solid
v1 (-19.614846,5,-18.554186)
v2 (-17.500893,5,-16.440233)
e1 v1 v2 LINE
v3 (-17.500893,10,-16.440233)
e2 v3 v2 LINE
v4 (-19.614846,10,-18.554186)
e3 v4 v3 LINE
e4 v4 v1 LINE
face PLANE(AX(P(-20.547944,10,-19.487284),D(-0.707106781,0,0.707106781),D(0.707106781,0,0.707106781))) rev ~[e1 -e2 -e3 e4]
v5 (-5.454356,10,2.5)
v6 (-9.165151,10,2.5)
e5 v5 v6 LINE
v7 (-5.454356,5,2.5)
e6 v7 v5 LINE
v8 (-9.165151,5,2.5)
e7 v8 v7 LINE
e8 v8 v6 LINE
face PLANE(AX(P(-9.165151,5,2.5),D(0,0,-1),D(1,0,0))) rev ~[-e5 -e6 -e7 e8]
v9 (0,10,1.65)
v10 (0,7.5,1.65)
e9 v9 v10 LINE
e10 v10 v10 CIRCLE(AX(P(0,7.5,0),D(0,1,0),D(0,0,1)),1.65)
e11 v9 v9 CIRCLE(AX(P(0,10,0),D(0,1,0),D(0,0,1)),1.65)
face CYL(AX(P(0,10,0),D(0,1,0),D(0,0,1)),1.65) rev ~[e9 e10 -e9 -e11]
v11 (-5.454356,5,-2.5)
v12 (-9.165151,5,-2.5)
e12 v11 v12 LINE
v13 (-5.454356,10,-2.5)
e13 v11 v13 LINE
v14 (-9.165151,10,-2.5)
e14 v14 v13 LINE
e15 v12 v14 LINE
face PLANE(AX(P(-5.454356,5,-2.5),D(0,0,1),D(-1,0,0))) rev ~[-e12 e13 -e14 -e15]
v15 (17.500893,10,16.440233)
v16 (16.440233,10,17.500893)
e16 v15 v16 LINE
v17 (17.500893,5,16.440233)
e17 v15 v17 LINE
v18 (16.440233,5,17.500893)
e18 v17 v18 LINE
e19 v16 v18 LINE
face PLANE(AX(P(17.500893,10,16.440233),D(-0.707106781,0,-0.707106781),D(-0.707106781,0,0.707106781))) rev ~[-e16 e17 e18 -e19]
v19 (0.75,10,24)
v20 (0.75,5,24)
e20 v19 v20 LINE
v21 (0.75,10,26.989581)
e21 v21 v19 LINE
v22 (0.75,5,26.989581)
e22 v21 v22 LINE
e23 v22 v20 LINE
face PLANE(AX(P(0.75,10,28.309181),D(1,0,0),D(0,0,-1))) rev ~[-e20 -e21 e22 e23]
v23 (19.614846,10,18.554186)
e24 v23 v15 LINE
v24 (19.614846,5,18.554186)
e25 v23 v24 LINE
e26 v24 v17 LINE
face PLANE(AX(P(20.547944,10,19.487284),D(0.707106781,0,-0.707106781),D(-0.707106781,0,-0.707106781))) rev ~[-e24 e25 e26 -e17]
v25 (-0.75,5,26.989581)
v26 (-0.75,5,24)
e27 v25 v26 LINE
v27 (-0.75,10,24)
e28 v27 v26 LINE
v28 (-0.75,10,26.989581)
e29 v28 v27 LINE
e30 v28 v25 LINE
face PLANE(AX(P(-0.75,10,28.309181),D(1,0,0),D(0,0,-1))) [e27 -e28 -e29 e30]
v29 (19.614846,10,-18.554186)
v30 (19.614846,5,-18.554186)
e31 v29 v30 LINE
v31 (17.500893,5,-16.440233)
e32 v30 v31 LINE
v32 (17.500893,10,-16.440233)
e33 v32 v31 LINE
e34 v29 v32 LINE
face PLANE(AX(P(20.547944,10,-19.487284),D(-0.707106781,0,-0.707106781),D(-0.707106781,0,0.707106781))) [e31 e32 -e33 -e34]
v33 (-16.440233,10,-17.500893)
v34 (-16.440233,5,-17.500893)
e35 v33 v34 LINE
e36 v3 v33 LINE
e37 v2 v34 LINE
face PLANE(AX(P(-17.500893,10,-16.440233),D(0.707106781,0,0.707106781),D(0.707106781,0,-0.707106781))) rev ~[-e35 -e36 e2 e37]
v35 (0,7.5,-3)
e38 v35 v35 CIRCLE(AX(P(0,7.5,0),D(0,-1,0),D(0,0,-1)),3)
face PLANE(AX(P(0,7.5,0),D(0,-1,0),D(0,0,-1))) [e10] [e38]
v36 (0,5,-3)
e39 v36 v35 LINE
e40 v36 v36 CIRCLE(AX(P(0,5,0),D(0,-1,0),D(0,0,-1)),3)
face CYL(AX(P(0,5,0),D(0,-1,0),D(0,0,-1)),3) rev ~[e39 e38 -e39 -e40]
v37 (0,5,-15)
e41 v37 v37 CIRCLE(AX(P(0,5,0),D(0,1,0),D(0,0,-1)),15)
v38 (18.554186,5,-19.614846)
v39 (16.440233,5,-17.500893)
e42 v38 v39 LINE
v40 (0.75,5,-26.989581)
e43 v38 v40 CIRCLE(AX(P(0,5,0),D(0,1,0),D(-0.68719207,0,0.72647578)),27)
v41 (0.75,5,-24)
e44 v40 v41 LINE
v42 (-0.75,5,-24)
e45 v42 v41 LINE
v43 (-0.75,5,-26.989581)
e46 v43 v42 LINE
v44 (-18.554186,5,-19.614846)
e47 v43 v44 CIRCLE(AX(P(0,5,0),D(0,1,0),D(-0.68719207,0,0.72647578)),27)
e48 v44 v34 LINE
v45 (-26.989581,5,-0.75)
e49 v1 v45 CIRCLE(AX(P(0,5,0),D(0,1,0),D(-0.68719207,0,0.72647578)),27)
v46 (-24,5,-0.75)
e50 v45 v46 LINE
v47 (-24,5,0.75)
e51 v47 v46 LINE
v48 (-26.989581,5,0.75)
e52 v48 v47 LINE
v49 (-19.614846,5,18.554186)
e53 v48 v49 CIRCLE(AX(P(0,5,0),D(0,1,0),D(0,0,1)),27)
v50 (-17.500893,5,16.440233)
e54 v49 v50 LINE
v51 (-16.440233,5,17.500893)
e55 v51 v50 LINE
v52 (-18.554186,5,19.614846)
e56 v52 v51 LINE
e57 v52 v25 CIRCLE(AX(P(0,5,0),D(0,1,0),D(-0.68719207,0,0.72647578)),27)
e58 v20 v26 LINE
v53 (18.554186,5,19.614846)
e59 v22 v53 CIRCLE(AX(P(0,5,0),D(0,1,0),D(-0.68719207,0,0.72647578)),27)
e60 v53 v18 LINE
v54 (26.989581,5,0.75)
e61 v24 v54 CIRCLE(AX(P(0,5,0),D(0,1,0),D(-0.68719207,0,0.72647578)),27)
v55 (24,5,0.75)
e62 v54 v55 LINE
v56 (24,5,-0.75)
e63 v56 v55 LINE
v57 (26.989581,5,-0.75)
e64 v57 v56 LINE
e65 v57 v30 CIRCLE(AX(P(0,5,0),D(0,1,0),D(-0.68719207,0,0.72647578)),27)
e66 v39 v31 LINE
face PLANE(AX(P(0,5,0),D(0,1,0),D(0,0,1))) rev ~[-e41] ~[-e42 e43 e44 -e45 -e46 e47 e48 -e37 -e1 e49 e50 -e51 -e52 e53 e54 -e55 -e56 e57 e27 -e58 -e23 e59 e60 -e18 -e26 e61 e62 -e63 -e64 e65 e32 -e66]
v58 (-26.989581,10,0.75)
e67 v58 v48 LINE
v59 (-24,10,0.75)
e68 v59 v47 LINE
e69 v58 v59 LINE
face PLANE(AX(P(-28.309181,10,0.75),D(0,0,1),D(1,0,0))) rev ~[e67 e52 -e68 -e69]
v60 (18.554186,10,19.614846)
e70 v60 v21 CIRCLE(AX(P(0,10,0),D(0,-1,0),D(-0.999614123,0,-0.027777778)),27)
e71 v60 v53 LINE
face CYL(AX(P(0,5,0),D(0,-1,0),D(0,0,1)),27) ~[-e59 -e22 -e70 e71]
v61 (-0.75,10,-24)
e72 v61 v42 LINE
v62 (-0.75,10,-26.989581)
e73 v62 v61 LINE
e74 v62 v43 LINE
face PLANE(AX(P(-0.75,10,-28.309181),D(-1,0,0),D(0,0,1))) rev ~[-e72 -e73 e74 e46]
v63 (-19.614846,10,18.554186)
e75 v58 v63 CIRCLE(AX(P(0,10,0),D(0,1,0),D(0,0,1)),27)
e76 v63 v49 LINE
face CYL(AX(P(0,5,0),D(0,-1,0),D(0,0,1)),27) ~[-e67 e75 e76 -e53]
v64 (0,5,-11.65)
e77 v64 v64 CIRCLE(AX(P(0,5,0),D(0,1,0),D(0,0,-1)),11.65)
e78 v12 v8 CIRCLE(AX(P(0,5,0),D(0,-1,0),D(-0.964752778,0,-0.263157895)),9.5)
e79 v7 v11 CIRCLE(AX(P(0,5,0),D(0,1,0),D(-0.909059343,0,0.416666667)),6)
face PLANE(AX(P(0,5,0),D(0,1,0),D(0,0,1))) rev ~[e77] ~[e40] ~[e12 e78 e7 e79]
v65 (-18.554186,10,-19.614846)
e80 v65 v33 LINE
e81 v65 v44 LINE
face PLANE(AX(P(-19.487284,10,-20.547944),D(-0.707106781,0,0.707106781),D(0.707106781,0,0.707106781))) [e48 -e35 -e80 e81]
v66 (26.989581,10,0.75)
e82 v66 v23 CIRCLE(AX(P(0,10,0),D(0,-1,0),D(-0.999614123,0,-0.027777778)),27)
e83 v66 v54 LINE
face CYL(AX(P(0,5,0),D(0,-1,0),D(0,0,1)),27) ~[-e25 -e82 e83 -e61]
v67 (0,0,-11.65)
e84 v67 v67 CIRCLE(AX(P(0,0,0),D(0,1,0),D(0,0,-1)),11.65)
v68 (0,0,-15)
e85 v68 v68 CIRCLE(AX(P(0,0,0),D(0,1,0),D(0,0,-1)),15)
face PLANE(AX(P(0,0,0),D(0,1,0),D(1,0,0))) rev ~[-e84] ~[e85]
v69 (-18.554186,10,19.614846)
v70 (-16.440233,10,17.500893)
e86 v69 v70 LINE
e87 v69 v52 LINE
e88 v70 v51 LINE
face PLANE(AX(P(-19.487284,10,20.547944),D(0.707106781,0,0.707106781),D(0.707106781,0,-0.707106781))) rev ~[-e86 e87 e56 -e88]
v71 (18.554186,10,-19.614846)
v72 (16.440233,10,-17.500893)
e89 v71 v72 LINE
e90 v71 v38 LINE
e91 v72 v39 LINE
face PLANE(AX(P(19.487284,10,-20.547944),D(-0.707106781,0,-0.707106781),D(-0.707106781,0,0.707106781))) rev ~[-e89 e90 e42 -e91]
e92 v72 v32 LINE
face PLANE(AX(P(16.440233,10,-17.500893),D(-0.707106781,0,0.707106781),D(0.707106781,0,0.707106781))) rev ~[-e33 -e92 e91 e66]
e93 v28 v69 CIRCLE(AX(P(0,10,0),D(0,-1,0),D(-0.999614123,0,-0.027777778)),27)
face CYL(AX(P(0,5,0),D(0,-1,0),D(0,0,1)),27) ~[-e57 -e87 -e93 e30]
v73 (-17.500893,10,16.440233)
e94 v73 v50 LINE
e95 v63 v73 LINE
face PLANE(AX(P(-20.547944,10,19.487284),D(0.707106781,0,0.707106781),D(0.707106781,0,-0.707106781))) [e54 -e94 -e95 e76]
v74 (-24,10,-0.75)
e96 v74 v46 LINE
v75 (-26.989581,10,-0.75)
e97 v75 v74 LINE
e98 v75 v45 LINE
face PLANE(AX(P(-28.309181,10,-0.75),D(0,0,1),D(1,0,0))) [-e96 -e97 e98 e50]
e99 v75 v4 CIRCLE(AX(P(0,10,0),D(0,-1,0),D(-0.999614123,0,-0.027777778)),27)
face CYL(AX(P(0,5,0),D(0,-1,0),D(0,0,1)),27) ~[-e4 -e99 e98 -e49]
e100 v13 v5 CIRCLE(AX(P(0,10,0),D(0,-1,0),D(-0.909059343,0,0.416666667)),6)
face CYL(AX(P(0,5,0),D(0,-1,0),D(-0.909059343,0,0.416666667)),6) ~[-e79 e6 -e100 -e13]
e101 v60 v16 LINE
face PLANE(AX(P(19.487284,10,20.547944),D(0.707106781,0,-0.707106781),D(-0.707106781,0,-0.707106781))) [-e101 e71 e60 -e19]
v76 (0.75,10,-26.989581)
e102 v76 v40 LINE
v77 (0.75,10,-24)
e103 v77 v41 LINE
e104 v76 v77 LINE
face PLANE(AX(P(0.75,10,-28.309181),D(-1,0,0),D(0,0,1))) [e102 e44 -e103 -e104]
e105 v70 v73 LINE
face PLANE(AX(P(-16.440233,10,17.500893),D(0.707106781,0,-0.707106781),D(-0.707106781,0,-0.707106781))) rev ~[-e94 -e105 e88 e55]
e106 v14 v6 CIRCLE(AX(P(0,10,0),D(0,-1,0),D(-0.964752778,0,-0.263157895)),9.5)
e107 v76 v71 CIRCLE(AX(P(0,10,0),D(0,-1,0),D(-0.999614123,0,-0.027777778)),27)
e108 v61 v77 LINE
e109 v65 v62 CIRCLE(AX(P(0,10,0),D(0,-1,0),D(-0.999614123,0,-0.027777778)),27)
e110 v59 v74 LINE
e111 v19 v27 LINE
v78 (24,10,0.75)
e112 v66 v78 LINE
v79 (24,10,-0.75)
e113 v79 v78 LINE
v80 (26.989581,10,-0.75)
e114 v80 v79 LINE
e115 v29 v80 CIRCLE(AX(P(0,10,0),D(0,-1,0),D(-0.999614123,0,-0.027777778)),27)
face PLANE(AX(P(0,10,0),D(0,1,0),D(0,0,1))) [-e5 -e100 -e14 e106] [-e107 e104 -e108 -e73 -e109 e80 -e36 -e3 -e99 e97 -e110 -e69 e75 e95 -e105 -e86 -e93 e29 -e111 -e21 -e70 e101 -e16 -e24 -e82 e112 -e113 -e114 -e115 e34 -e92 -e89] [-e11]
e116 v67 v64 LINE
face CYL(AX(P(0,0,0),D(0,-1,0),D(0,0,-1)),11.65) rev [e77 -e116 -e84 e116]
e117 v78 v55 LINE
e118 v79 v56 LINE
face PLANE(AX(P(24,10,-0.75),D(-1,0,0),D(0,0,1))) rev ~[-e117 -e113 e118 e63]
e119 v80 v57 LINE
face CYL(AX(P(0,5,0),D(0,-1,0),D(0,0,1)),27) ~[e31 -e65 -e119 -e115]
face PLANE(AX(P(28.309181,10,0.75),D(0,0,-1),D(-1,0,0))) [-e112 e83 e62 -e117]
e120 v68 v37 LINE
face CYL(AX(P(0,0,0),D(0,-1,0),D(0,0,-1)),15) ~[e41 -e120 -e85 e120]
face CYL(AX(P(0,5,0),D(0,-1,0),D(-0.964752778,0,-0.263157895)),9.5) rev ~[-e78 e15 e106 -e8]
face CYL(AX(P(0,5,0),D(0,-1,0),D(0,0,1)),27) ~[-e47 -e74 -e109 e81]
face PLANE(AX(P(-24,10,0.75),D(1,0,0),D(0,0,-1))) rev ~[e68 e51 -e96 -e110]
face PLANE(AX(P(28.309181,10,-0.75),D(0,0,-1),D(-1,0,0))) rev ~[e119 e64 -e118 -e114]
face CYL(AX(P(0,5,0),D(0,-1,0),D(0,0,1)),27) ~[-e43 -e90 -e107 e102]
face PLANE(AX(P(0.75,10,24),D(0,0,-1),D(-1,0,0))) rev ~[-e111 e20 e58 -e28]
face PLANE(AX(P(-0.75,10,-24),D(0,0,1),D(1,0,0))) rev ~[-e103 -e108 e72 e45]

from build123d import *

# Parameters (mm, degrees)
BOSS_EXTRUDE1_DEPTH = 5
SKETCH2_R           = 27
BOSS_EXTRUDE2_DEPTH = 5
SKETCH4_R           = 3
CUT_EXTRUDE1_DEPTH  = 2.5
CUT_EXTRUDE2_DEPTH  = 39.509739028
SKETCH6_W           = 4.309180809
SKETCH6_H           = 1.5
CUT_EXTRUDE3_DEPTH  = 40.471508712
CIRPATTERN1_COUNT   = 8
SKETCH7_R           = 1.65
CUT_EXTRUDE4_DEPTH  = 40.457255353


with BuildPart() as part:
    # Sketch1 → Boss-Extrude1 (new body)
    with BuildSketch(Plane(origin=(0, 0, 0), x_dir=(1, 0, 0), z_dir=(0, 1, 0))):
        with BuildLine():
            ThreePointArc((0, -15), (15, 0), (0, 15))
            ThreePointArc((0, 15), (-15, 0), (0, -15))
        make_face()
        with BuildLine():
            ThreePointArc((0, -11.65), (11.65, 0), (0, 11.65))
            ThreePointArc((0, 11.65), (-11.65, 0), (0, -11.65))
        make_face(mode=Mode.SUBTRACT)
    extrude(amount=BOSS_EXTRUDE1_DEPTH)

    # Sketch2 → Boss-Extrude2 (add)
    with BuildSketch(Plane(origin=(0, 5, 0), x_dir=(1, 0, 0), z_dir=(0, 1, 0))):
        with Locations(Location((0, 0, 0), (0, 0, 270))):
            Circle(SKETCH2_R)
    extrude(amount=BOSS_EXTRUDE2_DEPTH)

    # Sketch4 → Cut-Extrude1 (cut)
    with BuildSketch(Plane.XZ.offset(-5)):
        with Locations(Location((0, 0, 0), (0, 0, 270))):
            Circle(SKETCH4_R)
    extrude(amount=-CUT_EXTRUDE1_DEPTH, mode=Mode.SUBTRACT)

    # Sketch5 → Cut-Extrude2 (cut, through all)
    with BuildSketch(Plane.XZ.offset(-5)):
        with BuildLine():
            Line((-9.16515139, 2.5), (-5.454356057, 2.5))
            ThreePointArc((-5.454356057, 2.5), (6, 0), (-5.454356057, -2.5))
            Line((-5.454356057, -2.5), (-9.16515139, -2.5))
            ThreePointArc((-9.16515139, -2.5), (9.5, 0), (-9.16515139, 2.5))
        make_face()
    extrude(amount=-CUT_EXTRUDE2_DEPTH, mode=Mode.SUBTRACT)

    # Sketch6 → Cut-Extrude3 (cut, through all)
    with BuildSketch(Plane(origin=(0, 10, 0), x_dir=(1, 0, 0), z_dir=(0, 1, 0))):
        with Locations((-26.154590404, 0)):
            Rectangle(SKETCH6_W, SKETCH6_H)
    cut_extrude3 = extrude(amount=-CUT_EXTRUDE3_DEPTH, mode=Mode.SUBTRACT)

    # CirPattern1: Cut-Extrude3 ×8 about axis
    cirpattern1_axis = Axis((0, 0, 0), (0, 1, 0))
    for i in range(1, CIRPATTERN1_COUNT):
        add(cut_extrude3.rotate(cirpattern1_axis, i * 360 / CIRPATTERN1_COUNT), mode=Mode.SUBTRACT)

    # Sketch7 → Cut-Extrude4 (cut, through all)
    with BuildSketch(Plane(origin=(0, 10, 0), x_dir=(1, 0, 0), z_dir=(0, 1, 0))):
        with Locations(Location((0, 0, 0), (0, 0, 270))):
            Circle(SKETCH7_R)
    extrude(amount=-CUT_EXTRUDE4_DEPTH, mode=Mode.SUBTRACT)


solid = part.part
